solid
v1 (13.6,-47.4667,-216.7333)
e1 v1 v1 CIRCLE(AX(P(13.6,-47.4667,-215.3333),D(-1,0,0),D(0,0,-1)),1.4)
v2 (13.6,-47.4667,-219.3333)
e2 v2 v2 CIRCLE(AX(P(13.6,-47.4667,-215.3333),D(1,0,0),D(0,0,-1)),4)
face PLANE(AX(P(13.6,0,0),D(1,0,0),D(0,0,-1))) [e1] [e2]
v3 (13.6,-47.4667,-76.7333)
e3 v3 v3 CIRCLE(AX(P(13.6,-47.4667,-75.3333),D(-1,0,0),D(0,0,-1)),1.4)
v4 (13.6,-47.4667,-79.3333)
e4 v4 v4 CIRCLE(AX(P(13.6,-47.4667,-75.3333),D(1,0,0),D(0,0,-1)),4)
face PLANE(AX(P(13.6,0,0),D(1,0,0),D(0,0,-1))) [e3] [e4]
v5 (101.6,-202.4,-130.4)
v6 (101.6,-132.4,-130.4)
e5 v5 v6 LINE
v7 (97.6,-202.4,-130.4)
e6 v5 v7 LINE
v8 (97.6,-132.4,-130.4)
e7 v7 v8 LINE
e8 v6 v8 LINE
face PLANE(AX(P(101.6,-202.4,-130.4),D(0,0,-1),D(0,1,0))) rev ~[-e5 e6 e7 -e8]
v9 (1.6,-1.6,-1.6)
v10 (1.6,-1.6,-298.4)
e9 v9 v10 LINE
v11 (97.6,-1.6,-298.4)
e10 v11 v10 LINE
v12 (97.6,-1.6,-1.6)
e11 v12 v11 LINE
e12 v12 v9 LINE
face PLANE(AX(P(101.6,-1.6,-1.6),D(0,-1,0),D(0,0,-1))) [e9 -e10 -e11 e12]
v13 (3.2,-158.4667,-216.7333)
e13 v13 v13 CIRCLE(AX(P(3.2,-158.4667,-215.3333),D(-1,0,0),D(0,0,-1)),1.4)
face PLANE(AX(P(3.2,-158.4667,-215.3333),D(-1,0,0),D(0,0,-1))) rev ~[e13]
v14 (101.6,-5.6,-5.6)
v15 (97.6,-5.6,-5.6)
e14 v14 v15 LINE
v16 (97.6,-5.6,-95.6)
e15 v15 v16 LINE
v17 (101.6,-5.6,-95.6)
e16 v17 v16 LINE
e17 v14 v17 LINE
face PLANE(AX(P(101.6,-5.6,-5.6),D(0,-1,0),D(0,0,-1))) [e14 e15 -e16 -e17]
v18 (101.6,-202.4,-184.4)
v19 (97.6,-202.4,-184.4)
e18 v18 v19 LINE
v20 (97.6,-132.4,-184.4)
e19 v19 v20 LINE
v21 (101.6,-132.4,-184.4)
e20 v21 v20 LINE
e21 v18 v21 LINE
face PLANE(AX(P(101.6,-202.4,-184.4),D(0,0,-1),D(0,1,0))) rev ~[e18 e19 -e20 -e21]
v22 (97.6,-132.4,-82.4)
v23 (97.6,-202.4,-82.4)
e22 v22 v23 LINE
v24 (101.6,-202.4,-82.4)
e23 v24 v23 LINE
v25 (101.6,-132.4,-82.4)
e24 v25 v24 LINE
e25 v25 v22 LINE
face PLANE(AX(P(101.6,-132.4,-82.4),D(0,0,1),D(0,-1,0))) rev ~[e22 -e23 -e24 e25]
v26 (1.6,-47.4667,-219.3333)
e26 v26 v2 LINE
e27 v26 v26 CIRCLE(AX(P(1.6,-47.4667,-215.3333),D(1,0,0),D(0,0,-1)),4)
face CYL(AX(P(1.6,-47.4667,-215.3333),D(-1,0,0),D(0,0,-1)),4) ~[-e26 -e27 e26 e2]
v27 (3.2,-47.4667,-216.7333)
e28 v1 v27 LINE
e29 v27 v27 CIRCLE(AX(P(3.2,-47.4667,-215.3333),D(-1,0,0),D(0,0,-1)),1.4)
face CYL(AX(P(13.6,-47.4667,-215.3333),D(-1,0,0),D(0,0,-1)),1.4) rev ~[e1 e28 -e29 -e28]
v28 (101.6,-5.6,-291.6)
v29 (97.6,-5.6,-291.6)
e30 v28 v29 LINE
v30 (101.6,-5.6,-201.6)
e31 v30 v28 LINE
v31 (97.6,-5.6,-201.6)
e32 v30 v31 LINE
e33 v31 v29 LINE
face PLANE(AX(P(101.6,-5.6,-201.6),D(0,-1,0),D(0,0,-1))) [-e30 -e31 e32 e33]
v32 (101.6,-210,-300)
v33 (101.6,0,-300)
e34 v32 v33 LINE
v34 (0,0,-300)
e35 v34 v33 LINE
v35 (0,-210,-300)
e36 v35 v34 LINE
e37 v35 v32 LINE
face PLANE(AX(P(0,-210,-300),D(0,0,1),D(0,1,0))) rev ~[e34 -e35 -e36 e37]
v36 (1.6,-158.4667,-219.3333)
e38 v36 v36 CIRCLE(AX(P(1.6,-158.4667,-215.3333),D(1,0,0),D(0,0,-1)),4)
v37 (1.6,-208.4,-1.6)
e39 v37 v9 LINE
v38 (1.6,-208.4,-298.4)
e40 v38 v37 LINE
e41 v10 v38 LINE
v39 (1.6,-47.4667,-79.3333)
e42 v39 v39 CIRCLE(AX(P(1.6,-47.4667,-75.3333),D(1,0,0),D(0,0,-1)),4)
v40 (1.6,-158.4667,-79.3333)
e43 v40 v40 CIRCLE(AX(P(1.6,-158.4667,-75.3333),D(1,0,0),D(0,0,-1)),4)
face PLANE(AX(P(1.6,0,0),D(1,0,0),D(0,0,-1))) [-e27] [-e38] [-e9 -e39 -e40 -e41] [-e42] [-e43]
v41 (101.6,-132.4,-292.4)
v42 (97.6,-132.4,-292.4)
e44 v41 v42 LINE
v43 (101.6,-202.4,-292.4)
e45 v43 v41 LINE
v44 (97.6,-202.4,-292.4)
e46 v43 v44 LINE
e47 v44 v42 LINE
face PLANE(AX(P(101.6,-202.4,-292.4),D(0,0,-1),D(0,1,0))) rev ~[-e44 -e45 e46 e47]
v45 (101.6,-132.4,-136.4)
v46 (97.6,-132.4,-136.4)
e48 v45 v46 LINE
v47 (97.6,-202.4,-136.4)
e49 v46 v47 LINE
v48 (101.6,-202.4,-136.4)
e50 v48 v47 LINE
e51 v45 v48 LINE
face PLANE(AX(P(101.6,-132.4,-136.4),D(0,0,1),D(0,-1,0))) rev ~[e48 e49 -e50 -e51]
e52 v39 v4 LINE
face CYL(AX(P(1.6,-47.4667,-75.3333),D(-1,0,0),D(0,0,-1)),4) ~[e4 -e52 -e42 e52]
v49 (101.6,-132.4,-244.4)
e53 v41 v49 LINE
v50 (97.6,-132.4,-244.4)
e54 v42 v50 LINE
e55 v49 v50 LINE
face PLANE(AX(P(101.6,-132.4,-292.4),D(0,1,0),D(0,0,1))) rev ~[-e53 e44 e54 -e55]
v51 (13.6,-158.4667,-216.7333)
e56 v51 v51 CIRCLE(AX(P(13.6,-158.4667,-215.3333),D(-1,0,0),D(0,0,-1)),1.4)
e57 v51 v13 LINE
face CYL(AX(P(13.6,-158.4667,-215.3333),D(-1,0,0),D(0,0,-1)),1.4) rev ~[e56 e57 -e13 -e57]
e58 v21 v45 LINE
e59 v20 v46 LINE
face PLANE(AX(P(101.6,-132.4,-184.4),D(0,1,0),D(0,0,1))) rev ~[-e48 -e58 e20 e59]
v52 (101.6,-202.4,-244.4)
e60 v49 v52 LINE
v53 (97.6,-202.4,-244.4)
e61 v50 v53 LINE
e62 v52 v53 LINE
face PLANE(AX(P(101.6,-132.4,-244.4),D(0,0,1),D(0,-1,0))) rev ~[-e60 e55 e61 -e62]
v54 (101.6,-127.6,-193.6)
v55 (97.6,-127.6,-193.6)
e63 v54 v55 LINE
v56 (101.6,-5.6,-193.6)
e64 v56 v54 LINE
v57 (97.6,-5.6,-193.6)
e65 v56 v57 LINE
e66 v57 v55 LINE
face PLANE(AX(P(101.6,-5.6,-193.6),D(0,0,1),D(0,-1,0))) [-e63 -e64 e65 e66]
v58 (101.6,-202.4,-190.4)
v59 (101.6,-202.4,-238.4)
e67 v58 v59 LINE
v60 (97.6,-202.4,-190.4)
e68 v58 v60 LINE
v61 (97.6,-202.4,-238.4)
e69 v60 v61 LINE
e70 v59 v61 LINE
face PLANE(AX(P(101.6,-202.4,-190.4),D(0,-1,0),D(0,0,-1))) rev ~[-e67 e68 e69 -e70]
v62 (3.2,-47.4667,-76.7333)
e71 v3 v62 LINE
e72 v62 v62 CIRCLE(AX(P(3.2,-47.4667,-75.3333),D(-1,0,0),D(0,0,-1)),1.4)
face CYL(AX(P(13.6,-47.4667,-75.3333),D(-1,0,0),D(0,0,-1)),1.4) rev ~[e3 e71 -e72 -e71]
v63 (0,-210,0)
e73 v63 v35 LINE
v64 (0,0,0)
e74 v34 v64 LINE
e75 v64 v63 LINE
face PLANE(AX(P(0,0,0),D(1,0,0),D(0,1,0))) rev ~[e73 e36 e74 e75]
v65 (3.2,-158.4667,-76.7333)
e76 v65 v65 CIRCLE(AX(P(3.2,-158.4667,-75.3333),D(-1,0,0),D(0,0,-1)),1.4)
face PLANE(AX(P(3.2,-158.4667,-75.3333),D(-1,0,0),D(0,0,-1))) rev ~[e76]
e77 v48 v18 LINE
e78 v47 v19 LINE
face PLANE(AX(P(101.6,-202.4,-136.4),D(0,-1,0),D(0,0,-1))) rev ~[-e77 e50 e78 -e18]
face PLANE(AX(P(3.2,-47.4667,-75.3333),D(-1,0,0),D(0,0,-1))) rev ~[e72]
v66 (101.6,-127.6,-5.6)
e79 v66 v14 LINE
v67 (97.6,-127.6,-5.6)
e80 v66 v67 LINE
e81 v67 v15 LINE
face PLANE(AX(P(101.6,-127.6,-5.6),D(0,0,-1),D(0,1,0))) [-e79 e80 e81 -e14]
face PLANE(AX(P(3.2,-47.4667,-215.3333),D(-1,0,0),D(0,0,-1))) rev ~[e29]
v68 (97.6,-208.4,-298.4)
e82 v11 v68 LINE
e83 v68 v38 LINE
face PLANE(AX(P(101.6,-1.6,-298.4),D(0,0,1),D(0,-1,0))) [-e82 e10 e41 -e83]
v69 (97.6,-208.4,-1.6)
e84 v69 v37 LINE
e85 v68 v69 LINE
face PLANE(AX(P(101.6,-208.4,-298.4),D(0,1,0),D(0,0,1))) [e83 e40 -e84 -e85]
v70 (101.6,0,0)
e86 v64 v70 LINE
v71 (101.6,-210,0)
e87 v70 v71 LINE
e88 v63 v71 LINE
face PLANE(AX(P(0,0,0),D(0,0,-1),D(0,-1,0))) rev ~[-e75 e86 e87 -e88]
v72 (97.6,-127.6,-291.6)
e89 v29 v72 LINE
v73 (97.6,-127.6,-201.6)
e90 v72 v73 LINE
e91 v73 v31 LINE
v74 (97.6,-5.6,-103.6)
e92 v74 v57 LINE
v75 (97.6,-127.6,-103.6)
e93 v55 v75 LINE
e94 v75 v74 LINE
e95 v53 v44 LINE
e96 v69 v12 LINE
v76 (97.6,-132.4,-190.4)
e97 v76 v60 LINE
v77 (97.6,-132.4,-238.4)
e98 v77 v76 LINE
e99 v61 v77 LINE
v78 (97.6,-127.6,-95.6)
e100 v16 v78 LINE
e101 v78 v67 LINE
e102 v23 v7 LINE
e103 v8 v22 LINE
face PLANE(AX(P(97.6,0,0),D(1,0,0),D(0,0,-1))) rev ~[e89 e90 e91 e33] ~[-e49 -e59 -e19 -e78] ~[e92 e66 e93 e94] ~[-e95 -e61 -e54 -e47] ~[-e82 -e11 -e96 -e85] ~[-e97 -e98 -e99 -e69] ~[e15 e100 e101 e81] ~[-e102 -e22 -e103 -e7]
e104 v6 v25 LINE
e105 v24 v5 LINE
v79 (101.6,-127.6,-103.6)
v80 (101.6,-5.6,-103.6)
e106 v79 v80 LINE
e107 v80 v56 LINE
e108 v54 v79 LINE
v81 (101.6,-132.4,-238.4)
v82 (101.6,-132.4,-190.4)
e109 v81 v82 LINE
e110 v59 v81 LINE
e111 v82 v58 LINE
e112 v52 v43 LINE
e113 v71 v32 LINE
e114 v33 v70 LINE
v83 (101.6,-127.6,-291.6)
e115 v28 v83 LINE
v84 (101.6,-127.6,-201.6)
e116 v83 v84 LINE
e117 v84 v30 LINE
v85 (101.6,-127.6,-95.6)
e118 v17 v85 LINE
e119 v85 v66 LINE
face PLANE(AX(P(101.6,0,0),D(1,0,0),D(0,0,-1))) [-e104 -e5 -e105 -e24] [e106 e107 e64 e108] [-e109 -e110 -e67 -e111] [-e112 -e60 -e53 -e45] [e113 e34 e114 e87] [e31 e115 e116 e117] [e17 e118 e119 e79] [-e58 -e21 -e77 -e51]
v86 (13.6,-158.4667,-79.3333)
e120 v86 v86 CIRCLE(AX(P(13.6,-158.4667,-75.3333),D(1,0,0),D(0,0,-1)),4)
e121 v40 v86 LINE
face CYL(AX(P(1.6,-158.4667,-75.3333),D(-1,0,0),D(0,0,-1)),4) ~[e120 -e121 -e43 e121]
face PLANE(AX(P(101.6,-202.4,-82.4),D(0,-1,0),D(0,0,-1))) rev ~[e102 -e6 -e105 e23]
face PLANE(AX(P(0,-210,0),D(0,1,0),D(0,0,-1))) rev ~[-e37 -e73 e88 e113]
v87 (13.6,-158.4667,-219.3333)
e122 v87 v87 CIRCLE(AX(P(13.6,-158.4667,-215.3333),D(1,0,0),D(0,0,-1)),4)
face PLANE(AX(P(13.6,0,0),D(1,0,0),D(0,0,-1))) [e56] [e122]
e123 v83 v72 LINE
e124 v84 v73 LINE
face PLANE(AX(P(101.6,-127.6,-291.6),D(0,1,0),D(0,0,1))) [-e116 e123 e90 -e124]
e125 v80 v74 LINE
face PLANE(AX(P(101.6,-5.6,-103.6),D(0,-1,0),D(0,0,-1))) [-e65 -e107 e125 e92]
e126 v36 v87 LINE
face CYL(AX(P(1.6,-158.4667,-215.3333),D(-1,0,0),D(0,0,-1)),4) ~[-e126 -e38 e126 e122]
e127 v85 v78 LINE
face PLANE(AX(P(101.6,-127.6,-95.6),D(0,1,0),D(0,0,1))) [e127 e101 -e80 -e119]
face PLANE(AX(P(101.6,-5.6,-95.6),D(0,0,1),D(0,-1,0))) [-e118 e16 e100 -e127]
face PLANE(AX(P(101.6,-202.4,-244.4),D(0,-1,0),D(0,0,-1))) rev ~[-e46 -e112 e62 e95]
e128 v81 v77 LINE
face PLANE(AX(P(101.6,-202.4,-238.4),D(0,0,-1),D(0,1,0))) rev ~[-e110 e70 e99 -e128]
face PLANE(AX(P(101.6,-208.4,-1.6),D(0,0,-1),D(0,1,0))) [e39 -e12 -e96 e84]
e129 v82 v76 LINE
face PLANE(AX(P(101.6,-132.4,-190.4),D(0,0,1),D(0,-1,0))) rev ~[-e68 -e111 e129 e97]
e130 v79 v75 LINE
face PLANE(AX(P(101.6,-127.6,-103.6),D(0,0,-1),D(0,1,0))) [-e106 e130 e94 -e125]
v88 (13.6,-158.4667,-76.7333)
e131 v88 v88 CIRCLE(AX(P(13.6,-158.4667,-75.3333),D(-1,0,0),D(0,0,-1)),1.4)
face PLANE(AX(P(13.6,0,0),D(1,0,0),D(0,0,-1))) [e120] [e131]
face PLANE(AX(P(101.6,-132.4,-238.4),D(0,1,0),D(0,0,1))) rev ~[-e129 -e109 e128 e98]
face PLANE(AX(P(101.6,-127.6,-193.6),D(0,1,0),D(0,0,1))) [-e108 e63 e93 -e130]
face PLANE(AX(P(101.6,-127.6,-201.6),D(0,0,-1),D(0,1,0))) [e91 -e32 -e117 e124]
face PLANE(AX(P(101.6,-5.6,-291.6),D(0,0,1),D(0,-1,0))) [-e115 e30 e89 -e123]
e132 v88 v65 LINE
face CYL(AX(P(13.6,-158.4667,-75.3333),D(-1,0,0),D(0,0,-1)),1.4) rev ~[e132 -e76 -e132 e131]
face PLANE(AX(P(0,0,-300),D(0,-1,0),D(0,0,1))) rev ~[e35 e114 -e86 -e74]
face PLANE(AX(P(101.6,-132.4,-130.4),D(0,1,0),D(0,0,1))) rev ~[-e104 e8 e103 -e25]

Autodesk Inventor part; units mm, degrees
ref_plane "YZ Plane" through (0, 0, 0) normal (1, 0, 0) x (0, 1, 0)
ref_plane "XZ Plane" through (0, 0, 0) normal (0, 1, 0) x (-1, 0, 0)
ref_plane "XY Plane" through (0, 0, 0) normal (0, 0, 1) x (1, 0, 0)
sketch "Sketch1" plane through (0, 0, 0) normal (1, 0, 0) x (0, 1, 0)
  line L0 (0, 0) -> (-210, 0)
  line L1 (-210, 0) -> (-210, -300)
  line L2 (-210, -300) -> (0, -300)
  line L3 (0, -300) -> (0, 0)
  dimension "d0" = 210
  dimension "d1" = 300
extrude "Extrusion1" add sketch "Sketch1" along normal blind 101.6
sketch "Sketch2" plane through (101.6, 0, 0) normal (1, 0, 0) x (0, 0, -1)
  line L0 (0, -210) -> (300, -210) projected
  line L1 (300, -210) -> (300, 0) projected
  line L2 (300, 0) -> (0, 0) projected
  line L3 (0, 0) -> (0, -210) projected
  line L4 (1.6, -1.6) -> (298.4, -1.6)
  line L5 (298.4, -1.6) -> (298.4, -208.4)
  line L6 (298.4, -208.4) -> (1.6, -208.4)
  line L7 (1.6, -208.4) -> (1.6, -1.6)
  dimension "d4" = 1.6
extrude "Extrusion2" cut sketch "Sketch2" against normal blind 100 contours L4 L5 L6 L7
sketch "Sketch3" plane through (1.6, 0, 0) normal (1, 0, 0) x (0, 0, -1)
  circle A0 centre (75.3333, -47.4667) radius 4
  circle A1 centre (215.3333, -47.4667) radius 4
  circle A2 centre (215.3333, -158.4667) radius 4
  circle A3 centre (75.3333, -158.4667) radius 4
  point P0 (0, 0)
  dimension "d7" = 8
  dimension "d8" = 8
  dimension "d9" = 8
  dimension "d10" = 8
  dimension "d11" = 140
  dimension "d12" = 111
extrude "Extrusion3" add sketch "Sketch3" along normal blind 12
sketch "Sketch4" plane through (13.6, -47.4667, -75.3333) normal (1, 0, 0) x (0, 0, -1)
  circle A0 centre (0, 0) radius 4 projected
  circle A1 centre (140, 0) radius 4 projected
  circle A2 centre (140, -111) radius 4 projected
  circle A3 centre (0, -111) radius 4 projected
  point P0 (-75.3333, 47.4667)
hole "Hole1" at (13.6, -47.4667, -75.3333) at (13.6, -47.4667, -215.3333) at (13.6, -158.4667, -215.3333) at (13.6, -158.4667, -75.3333) direction (-1, 0, 0) diameter 2.8 depth 10.4
sketch "Sketch5" plane through (101.6, 0, 0) normal (1, 0, 0) x (0, 0, -1)
  line L0 (5.6, -5.6) -> (95.6, -5.6)
  line L1 (95.6, -5.6) -> (95.6, -127.6)
  line L2 (95.6, -127.6) -> (5.6, -127.6)
  line L3 (5.6, -127.6) -> (5.6, -5.6)
  line L4 (1.6, -208.4) -> (1.6, -1.6) projected
  line L5 (1.6, -1.6) -> (298.4, -1.6) projected
  line L6 (103.6, -5.6) -> (193.6, -5.6)
  line L7 (103.6, -127.6) -> (103.6, -5.6)
  line L8 (193.6, -5.6) -> (193.6, -127.6)
  line L9 (193.6, -127.6) -> (103.6, -127.6)
  line L10 (201.6, -5.6) -> (291.6, -5.6)
  line L11 (201.6, -127.6) -> (201.6, -5.6)
  line L12 (291.6, -5.6) -> (291.6, -127.6)
  line L13 (291.6, -127.6) -> (201.6, -127.6)
  line L14 (298.4, -1.6) -> (298.4, -208.4) projected
  line L15 (292.4, -132.4) -> (244.4, -132.4)
  line L16 (244.4, -132.4) -> (244.4, -202.4)
  line L17 (244.4, -202.4) -> (292.4, -202.4)
  line L18 (292.4, -202.4) -> (292.4, -132.4)
  line L19 (298.4, -208.4) -> (1.6, -208.4) projected
  line L20 (190.4, -132.4) -> (190.4, -202.4)
  line L21 (238.4, -132.4) -> (190.4, -132.4)
  line L22 (238.4, -202.4) -> (238.4, -132.4)
  line L23 (190.4, -202.4) -> (238.4, -202.4)
  line L24 (136.4, -132.4) -> (136.4, -202.4)
  line L25 (184.4, -132.4) -> (136.4, -132.4)
  line L26 (184.4, -202.4) -> (184.4, -132.4)
  line L27 (136.4, -202.4) -> (184.4, -202.4)
  line L28 (82.4, -132.4) -> (82.4, -202.4)
  line L29 (130.4, -132.4) -> (82.4, -132.4)
  line L30 (130.4, -202.4) -> (130.4, -132.4)
  line L31 (82.4, -202.4) -> (130.4, -202.4)
  point P0 (0, 0)
  point P1 (268.4, -202.4)
  point P2 (214.4, -202.4)
  point P3 (160.4, -202.4)
  point P4 (106.4, -202.4)
  dimension "d22" = 90
  dimension "d23" = 122
  dimension "d24" = 4
  dimension "d25" = 4
  dimension "d28" = 98
  dimension "d33" = 6.8
  dimension "d34" = 48
  dimension "d35" = 70
  dimension "d36" = 6
  dimension "d37" = 6
  dimension "d40" = 54
extrude "Extrusion4" add sketch "Sketch5" against normal blind 4
equation "\"d8\" = d7"
equation "\"d9\" = d7"
equation "\"d10\" = d7"
equation "\"d25\" = d24"
equation "\"d37\" = d36"
